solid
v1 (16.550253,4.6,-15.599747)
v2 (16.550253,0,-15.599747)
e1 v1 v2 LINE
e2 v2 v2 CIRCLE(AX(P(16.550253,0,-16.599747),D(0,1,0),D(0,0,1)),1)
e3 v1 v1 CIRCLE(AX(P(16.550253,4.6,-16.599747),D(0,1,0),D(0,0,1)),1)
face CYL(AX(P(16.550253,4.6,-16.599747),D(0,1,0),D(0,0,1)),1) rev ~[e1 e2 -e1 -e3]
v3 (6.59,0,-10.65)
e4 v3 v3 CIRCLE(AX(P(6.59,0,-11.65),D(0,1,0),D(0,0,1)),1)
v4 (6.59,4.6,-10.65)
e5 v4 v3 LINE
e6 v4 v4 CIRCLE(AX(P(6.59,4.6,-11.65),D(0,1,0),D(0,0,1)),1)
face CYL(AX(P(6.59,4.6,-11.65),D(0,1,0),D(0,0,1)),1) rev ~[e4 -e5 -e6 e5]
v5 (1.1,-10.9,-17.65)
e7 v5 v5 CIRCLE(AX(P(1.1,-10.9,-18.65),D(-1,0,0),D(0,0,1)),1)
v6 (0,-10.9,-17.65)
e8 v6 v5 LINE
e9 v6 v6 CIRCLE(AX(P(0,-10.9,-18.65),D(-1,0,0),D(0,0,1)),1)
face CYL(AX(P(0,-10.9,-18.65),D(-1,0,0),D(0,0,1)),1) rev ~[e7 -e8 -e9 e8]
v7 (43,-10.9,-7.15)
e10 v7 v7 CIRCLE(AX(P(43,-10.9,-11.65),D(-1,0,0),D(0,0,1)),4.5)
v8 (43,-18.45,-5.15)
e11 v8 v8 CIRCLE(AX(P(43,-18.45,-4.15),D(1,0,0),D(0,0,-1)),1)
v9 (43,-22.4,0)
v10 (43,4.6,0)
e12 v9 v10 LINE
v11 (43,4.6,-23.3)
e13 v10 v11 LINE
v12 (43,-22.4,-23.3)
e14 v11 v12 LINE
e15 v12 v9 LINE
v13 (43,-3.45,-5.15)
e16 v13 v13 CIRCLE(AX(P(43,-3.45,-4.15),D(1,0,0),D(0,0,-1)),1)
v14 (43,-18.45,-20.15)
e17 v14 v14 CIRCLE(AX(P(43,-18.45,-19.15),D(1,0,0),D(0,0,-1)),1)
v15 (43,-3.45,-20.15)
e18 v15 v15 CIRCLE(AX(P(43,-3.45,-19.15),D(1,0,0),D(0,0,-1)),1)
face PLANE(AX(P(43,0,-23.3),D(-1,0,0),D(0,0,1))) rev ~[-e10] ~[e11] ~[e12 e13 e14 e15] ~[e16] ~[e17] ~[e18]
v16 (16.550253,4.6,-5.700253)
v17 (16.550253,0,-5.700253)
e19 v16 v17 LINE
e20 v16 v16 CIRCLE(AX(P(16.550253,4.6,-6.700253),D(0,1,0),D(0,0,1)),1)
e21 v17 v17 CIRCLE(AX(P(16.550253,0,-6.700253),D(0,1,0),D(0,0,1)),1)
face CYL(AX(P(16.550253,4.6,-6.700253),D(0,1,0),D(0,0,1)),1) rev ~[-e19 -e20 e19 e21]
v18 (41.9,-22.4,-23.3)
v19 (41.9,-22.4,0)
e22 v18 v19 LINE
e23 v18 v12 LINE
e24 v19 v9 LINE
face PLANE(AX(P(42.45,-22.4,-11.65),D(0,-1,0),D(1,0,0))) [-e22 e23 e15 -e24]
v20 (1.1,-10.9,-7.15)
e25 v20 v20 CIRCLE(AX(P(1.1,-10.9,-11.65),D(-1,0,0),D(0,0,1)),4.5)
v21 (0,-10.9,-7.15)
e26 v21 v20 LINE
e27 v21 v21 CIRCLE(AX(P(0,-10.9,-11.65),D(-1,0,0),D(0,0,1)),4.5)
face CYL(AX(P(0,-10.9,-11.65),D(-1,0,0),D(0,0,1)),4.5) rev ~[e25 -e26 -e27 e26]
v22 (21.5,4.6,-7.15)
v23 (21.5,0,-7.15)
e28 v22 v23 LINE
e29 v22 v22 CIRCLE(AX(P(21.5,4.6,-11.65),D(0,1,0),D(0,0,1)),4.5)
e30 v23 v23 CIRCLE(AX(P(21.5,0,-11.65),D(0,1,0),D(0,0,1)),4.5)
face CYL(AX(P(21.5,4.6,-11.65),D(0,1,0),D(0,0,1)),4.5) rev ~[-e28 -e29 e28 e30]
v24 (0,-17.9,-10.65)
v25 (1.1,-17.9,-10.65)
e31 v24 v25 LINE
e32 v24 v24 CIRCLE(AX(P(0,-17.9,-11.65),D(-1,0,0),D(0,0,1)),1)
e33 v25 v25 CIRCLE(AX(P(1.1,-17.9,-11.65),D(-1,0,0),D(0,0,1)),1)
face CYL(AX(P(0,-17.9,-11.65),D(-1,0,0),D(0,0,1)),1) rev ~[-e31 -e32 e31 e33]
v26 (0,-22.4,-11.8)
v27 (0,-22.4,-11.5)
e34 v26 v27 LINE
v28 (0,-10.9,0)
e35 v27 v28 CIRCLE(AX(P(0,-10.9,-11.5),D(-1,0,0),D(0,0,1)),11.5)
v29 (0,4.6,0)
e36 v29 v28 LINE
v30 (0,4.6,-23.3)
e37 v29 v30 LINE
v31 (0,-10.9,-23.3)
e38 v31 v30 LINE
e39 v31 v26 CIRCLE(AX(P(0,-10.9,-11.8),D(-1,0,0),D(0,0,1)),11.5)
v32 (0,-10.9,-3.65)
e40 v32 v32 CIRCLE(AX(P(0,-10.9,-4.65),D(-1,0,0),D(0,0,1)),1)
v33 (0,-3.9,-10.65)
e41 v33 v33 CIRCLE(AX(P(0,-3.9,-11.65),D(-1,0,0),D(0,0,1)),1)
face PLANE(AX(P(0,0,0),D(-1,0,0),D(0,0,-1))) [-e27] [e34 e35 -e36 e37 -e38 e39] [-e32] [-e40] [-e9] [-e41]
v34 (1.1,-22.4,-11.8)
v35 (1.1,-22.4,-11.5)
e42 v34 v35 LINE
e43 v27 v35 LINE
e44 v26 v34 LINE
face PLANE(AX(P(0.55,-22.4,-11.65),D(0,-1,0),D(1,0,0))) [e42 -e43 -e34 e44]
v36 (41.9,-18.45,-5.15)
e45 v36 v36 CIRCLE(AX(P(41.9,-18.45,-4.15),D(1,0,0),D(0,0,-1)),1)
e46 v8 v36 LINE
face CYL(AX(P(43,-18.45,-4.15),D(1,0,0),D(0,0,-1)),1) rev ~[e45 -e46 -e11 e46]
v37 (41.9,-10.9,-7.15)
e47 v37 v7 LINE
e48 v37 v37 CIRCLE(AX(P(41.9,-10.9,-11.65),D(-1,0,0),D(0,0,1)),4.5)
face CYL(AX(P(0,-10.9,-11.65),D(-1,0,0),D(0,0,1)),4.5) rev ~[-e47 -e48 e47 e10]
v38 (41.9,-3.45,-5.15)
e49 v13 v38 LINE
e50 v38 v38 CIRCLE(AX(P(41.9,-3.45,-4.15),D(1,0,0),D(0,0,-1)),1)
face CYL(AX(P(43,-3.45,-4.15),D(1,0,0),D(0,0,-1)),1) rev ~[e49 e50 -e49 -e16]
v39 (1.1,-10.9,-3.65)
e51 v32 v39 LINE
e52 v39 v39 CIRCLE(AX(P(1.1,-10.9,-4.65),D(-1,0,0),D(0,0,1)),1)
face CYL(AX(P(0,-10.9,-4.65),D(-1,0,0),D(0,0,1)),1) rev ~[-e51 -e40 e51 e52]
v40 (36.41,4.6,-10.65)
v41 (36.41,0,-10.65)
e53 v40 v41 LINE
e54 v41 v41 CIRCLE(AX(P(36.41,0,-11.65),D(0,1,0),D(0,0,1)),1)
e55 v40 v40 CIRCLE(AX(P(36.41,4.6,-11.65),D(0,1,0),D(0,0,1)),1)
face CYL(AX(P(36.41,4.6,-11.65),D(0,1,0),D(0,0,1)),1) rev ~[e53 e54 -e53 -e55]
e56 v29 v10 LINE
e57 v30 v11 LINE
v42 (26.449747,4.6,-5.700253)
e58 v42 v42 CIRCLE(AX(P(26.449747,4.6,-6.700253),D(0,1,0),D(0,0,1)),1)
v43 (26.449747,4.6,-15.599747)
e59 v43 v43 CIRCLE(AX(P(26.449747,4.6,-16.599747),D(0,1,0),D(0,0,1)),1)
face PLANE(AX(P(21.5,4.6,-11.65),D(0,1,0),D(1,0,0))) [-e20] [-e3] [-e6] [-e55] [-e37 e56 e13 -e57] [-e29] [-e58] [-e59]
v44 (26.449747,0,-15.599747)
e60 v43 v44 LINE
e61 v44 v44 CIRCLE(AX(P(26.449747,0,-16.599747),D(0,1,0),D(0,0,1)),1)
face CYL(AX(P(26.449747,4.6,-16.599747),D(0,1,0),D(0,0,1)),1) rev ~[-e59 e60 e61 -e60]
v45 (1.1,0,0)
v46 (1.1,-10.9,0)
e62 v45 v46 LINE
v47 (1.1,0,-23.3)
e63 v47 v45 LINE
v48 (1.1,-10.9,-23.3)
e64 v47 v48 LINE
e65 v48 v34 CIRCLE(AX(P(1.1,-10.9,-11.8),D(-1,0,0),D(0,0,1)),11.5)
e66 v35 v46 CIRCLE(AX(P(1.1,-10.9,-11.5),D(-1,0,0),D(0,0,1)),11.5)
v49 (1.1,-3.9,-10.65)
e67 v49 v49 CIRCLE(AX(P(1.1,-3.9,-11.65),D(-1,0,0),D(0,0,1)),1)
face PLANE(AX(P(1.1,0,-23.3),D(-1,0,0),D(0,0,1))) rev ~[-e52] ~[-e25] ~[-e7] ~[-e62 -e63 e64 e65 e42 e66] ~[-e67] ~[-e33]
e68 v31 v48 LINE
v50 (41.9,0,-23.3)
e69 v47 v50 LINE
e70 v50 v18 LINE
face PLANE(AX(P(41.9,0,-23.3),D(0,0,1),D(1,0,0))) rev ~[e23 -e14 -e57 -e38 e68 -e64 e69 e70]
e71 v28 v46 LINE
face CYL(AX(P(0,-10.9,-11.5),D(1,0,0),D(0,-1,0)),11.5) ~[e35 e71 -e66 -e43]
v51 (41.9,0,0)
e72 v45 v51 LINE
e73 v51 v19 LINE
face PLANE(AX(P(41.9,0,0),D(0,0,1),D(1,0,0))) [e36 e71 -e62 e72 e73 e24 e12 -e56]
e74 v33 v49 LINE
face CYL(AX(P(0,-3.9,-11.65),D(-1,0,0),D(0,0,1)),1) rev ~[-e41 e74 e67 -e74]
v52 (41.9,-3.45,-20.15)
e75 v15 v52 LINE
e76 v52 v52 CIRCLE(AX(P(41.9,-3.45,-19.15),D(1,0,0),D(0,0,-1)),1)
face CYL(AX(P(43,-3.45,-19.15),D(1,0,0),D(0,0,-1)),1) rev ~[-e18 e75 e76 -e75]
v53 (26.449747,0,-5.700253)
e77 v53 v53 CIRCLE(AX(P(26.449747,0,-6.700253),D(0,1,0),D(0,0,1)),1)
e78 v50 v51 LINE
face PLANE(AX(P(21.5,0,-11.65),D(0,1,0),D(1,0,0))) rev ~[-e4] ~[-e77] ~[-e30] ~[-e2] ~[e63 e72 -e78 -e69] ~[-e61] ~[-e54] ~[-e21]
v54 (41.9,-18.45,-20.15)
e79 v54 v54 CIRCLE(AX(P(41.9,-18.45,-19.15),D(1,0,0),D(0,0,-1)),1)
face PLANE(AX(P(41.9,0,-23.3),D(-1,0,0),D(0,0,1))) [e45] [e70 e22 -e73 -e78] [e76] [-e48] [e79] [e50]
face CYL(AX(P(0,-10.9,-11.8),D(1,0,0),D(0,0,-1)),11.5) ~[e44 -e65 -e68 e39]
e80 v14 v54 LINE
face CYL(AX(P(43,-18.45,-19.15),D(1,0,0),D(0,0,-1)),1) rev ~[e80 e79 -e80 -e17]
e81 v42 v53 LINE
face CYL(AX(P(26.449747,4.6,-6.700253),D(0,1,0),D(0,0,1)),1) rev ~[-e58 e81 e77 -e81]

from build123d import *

# Parameters (mm, degrees)
SKETCH1_W                   = 43
SKETCH1_H                   = 23.3
MOUNTPLATE_DEPTH            = 4.6
SKETCH3_R                   = 4.5
AXLEHOLE_MOUNT_DEPTH        = 4.6
SKETCH2_R                   = 1
MOUNTHOLES_DEPTH            = 4.6
SKETCH4_W                   = 1.1
SKETCH4_H                   = 23.3
SERVOLEGS_DEPTH             = 22.4
CENTERHOLES_REACH           = 55.793
SKETCH5_R                   = 4.5
SKETCH6_R                   = 1
ROTORSIDE_MOUNTHOLES_DEPTH  = 1.1
FILLET1_R                   = 11.5
FILLET2_R                   = 11.5
SKETCH7_R                   = 1
SLIDERSIDE_MOUNTHOLES_DEPTH = 1.1


with BuildPart() as part:
    # Sketch1 → MountPlate (new body)
    with BuildSketch(Plane(origin=(0, 0, 0), x_dir=(1, 0, 0), z_dir=(0, 1, 0))):
        with Locations((21.5, 11.65)):
            Rectangle(SKETCH1_W, SKETCH1_H)
    extrude(amount=MOUNTPLATE_DEPTH)

    # Sketch3 → AxleHole-Mount (cut)
    with BuildSketch(Plane(origin=(0, 4.6, 0), x_dir=(1, 0, 0), z_dir=(0, 1, 0))):
        with Locations(Location((21.5, 11.65, 0), (0, 0, 270))):
            Circle(SKETCH3_R)
    extrude(amount=-AXLEHOLE_MOUNT_DEPTH, mode=Mode.SUBTRACT)

    # Sketch2 → MountHoles (cut)
    with BuildSketch(Plane(origin=(0, 4.6, 0), x_dir=(1, 0, 0), z_dir=(0, 1, 0))):
        with Locations(Location((6.59, 11.65, 0), (0, 0, 270))):
            Circle(SKETCH2_R)
        with Locations(Location((16.550252532, 6.700252532, 0), (0, 0, 270))):
            Circle(SKETCH2_R)
        with Locations(Location((36.41, 11.65, 0), (0, 0, 270))):
            Circle(SKETCH2_R)
        with Locations(Location((16.550252532, 16.599747468, 0), (0, 0, 270))):
            Circle(SKETCH2_R)
        with Locations(Location((26.449747468, 16.599747468, 0), (0, 0, 270))):
            Circle(SKETCH2_R)
        with Locations(Location((26.449747468, 6.700252532, 0), (0, 0, 270))):
            Circle(SKETCH2_R)
    extrude(amount=-MOUNTHOLES_DEPTH, mode=Mode.SUBTRACT)

    # Sketch4 → ServoLegs (add)
    with BuildSketch(Plane.XZ):
        with Locations((42.45, -11.65)):
            Rectangle(SKETCH4_W, SKETCH4_H)
        with Locations((0.55, -11.65)):
            Rectangle(SKETCH4_W, SKETCH4_H)
    extrude(amount=SERVOLEGS_DEPTH)

    # CenterHoles: up to this face of the body (flat: up to its plane)
    centerholes_end = Plane(part.part.faces().sort_by_distance((43, -8.9, -11.65))[0])
    # Sketch5 → CenterHoles (cut, up to the picked face)
    with BuildSketch(Plane.ZY, mode=Mode.PRIVATE) as centerholes_sk1:
        with Locations((-11.65, -10.9)):
            Circle(SKETCH5_R)
    centerholes_tool1 = split(extrude(centerholes_sk1.sketch, amount=-CENTERHOLES_REACH, mode=Mode.PRIVATE), bisect_by=centerholes_end, keep=Keep.BOTH, mode=Mode.PRIVATE)
    add(centerholes_tool1.solids().sort_by(Axis((0, -10.9, -11.65), (1, 0, 0)))[0], mode=Mode.SUBTRACT)

    # Sketch6 → RotorSide-MountHoles (cut)
    with BuildSketch(Plane.ZY):
        with Locations((-11.65, -17.9)):
            Circle(SKETCH6_R)
        with Locations((-18.65, -10.9)):
            Circle(SKETCH6_R)
        with Locations((-11.65, -3.9)):
            Circle(SKETCH6_R)
        with Locations((-4.65, -10.9)):
            Circle(SKETCH6_R)
    extrude(amount=-ROTORSIDE_MOUNTHOLES_DEPTH, mode=Mode.SUBTRACT)

    # Fillet1
    fillet1_edges = [part.edges().sort_by_distance(p)[0] for p in [
        (0.55, -22.4, -23.3),
    ]]
    fillet(fillet1_edges, radius=FILLET1_R)

    # Fillet2
    fillet2_edges = [part.edges().sort_by_distance(p)[0] for p in [
        (0.55, -22.4, 0),
    ]]
    fillet(fillet2_edges, radius=FILLET2_R)

    # Sketch7 → SliderSide-MountHoles (cut)
    with BuildSketch(Plane(origin=(43, 0, 0), x_dir=(0, 0, -1), z_dir=(1, 0, 0))):
        with Locations((19.15, -18.45)):
            Circle(SKETCH7_R)
        with Locations((19.15, -3.45)):
            Circle(SKETCH7_R)
        with Locations((4.15, -3.45)):
            Circle(SKETCH7_R)
        with Locations((4.15, -18.45)):
            Circle(SKETCH7_R)
    extrude(amount=-SLIDERSIDE_MOUNTHOLES_DEPTH, mode=Mode.SUBTRACT)


solid = part.part
